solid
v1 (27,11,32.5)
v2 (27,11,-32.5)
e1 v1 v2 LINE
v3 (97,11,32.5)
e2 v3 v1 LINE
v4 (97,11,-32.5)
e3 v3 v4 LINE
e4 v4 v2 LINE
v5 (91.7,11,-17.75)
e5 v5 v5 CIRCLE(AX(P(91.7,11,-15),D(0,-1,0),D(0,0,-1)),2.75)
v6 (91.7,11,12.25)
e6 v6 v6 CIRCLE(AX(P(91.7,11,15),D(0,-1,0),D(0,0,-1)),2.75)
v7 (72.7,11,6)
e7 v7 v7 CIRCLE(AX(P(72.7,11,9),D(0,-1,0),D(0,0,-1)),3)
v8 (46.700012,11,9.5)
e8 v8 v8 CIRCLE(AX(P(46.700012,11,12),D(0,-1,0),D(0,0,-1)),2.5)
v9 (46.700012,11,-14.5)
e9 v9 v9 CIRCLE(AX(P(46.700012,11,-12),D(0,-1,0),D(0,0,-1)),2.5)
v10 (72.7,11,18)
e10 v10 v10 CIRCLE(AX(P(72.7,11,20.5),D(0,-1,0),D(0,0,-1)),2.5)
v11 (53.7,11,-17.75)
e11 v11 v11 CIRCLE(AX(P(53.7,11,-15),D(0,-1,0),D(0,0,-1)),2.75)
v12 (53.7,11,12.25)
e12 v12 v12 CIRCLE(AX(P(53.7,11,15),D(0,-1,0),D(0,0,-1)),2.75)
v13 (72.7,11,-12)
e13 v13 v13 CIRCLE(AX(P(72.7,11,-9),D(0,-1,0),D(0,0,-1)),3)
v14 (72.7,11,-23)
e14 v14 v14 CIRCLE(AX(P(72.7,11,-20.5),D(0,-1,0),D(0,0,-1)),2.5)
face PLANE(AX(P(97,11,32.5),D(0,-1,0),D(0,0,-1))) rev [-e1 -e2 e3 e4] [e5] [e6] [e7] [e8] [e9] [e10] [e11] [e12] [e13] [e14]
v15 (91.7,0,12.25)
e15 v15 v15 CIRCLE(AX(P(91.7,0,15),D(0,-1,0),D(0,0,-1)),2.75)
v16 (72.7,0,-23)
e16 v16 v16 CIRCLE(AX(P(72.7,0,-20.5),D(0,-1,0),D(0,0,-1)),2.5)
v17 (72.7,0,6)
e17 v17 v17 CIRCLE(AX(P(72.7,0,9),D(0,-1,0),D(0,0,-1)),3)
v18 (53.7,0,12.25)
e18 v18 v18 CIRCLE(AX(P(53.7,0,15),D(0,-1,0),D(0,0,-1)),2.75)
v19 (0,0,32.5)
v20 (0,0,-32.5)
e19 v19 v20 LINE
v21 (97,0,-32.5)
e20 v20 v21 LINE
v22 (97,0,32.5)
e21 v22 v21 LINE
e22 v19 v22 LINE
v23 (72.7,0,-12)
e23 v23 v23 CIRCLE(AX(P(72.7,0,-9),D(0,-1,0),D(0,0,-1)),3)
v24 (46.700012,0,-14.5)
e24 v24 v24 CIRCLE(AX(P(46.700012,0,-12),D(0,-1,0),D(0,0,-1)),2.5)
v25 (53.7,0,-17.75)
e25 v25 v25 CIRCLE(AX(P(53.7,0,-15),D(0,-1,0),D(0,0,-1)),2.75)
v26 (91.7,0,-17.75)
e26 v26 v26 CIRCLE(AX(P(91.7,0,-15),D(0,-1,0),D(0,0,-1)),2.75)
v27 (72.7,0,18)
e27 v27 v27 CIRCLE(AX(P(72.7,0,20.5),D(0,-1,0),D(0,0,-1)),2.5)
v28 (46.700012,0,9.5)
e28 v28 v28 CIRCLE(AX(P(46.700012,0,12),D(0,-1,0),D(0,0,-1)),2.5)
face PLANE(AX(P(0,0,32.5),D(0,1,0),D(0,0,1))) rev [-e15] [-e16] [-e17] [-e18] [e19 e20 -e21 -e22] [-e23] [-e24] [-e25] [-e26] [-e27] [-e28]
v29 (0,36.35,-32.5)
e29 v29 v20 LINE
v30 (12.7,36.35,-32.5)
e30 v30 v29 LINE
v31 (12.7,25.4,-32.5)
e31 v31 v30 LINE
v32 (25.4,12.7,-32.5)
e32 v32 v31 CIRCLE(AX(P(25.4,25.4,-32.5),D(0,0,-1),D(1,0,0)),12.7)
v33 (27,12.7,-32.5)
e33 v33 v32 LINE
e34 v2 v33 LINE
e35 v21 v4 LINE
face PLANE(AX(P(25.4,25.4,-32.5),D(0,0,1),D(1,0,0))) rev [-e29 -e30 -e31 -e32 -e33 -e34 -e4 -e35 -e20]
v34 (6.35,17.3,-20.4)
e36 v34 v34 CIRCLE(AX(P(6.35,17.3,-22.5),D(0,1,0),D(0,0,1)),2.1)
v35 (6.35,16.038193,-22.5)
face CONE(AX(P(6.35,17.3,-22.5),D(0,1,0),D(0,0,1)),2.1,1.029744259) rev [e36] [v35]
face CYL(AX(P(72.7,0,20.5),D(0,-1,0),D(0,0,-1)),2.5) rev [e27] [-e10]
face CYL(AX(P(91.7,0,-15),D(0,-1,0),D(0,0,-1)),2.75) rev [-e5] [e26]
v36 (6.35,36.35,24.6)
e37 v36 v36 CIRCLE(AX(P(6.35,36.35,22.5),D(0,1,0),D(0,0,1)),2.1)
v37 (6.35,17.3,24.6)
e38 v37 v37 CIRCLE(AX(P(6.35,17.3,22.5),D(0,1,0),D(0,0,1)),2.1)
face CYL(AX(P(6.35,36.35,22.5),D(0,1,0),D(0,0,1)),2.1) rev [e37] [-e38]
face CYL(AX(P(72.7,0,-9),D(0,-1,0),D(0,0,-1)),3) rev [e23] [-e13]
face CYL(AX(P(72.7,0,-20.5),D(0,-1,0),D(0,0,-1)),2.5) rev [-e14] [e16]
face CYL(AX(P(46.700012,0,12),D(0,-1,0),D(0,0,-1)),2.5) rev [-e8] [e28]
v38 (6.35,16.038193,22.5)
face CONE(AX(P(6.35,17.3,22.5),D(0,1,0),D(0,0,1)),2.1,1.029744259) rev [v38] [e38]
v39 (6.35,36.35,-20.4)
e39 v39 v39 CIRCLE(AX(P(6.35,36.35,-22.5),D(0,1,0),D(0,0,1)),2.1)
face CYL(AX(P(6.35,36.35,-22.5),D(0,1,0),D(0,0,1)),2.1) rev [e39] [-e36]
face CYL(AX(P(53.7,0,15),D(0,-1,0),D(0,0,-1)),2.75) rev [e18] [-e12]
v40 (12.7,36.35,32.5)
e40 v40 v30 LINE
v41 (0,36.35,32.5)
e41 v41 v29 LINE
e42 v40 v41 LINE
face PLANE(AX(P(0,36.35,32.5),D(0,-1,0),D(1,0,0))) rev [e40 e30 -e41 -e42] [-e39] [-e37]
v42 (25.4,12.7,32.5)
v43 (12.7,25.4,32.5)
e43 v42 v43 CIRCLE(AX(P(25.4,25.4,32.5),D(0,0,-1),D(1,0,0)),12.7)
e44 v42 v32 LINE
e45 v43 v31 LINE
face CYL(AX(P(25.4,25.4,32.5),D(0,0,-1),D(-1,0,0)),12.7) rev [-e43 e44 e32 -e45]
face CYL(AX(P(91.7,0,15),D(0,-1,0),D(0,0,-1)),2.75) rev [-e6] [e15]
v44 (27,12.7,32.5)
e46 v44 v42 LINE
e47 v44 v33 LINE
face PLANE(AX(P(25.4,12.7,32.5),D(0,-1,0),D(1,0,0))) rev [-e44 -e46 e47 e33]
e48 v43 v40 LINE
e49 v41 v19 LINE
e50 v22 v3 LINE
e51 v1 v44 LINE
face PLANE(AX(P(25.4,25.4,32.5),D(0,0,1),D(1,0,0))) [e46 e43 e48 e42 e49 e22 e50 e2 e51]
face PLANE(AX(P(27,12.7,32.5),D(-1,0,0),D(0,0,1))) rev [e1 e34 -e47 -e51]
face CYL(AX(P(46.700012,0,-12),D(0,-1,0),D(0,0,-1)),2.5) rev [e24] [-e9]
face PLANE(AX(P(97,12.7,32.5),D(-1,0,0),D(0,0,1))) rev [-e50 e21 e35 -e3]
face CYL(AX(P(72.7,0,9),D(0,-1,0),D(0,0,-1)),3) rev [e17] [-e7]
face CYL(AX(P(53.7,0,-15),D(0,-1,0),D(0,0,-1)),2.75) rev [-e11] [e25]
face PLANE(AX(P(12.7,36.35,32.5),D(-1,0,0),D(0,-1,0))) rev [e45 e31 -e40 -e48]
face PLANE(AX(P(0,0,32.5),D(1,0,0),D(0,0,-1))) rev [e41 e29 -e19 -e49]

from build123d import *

# Parameters (mm, degrees)
EXTRUDE1_DEPTH            = 32.5
SKETCH2_W                 = 70
SKETCH2_H                 = 1.7
CUT_EXTRUDE1_DEPTH        = 123.291955991
M5_CLEARANCE_HOLE1_D      = 5.5
M5X0_8_TAPPED_HOLE1_D     = 4.2
M5X0_8_TAPPED_HOLE1_DEPTH = 19.05
M5X0_8_TAPPED_HOLE1_TIP   = 1.2618073
F_5_0_5_DIAMETER_HOLE1_D  = 5
M6X1_0_TAPPED_HOLE1_D     = 5
F_6_0_6_DIAMETER_HOLE1_D  = 6


with BuildPart() as part:
    # Sketch1 → Extrude1 (new, symmetric)
    with BuildSketch(Plane.XY):
        with BuildLine():
            Line((0, 0), (97, 0))
            Line((97, 0), (97, 12.7))
            Line((97, 12.7), (25.4, 12.7))
            ThreePointArc((25.4, 12.7), (16.419743879, 16.419743879), (12.7, 25.4))
            Line((12.7, 25.4), (12.7, 36.35))
            Line((12.7, 36.35), (0, 36.35))
            Line((0, 36.35), (0, 0))
        make_face()
    extrude(amount=EXTRUDE1_DEPTH, both=True)

    # Sketch2 → Cut-Extrude1 (cut, through all)
    with BuildSketch(Plane(origin=(0, 0, -32.5), x_dir=(-1, 0, 0), z_dir=(0, 0, -1))):
        with Locations((-62, 11.85)):
            Rectangle(SKETCH2_W, SKETCH2_H)
    extrude(amount=-CUT_EXTRUDE1_DEPTH, mode=Mode.SUBTRACT)

    # M5 Clearance Hole1 (through all)
    with Locations(Plane.XZ):
        with Locations((53.7, 15), (91.7, 15), (91.7, -15), (53.7, -15)):
            Hole(M5_CLEARANCE_HOLE1_D / 2)

    # M5x0.8 Tapped Hole1
    with Locations(Plane(origin=(0, 36.35, 0), x_dir=(-1, 0, 0), z_dir=(0, 1, 0))):
        with Locations((-6.35, 22.5), (-6.35, -22.5)):
            Hole(M5X0_8_TAPPED_HOLE1_D / 2, depth=M5X0_8_TAPPED_HOLE1_DEPTH)
            with Locations((0, 0, -(M5X0_8_TAPPED_HOLE1_DEPTH + M5X0_8_TAPPED_HOLE1_TIP / 2))):  # 118° drill point
                Cone(0, M5X0_8_TAPPED_HOLE1_D / 2, M5X0_8_TAPPED_HOLE1_TIP, mode=Mode.SUBTRACT)

    # Ø5.0 (5) Diameter Hole1 (through all)
    with Locations(Plane.XZ):
        with Locations((46.70001183, 12), (46.70001183, -12)):
            Hole(F_5_0_5_DIAMETER_HOLE1_D / 2)

    # M6x1.0 Tapped Hole1 (through all)
    with Locations(Plane.XZ):
        with Locations((72.7, 20.5), (72.7, -20.5)):
            Hole(M6X1_0_TAPPED_HOLE1_D / 2)

    # Ø6.0 (6) Diameter Hole1 (through all)
    with Locations(Plane.XZ):
        with Locations((72.7, -9), (72.7, 9)):
            Hole(F_6_0_6_DIAMETER_HOLE1_D / 2)


solid = part.part
